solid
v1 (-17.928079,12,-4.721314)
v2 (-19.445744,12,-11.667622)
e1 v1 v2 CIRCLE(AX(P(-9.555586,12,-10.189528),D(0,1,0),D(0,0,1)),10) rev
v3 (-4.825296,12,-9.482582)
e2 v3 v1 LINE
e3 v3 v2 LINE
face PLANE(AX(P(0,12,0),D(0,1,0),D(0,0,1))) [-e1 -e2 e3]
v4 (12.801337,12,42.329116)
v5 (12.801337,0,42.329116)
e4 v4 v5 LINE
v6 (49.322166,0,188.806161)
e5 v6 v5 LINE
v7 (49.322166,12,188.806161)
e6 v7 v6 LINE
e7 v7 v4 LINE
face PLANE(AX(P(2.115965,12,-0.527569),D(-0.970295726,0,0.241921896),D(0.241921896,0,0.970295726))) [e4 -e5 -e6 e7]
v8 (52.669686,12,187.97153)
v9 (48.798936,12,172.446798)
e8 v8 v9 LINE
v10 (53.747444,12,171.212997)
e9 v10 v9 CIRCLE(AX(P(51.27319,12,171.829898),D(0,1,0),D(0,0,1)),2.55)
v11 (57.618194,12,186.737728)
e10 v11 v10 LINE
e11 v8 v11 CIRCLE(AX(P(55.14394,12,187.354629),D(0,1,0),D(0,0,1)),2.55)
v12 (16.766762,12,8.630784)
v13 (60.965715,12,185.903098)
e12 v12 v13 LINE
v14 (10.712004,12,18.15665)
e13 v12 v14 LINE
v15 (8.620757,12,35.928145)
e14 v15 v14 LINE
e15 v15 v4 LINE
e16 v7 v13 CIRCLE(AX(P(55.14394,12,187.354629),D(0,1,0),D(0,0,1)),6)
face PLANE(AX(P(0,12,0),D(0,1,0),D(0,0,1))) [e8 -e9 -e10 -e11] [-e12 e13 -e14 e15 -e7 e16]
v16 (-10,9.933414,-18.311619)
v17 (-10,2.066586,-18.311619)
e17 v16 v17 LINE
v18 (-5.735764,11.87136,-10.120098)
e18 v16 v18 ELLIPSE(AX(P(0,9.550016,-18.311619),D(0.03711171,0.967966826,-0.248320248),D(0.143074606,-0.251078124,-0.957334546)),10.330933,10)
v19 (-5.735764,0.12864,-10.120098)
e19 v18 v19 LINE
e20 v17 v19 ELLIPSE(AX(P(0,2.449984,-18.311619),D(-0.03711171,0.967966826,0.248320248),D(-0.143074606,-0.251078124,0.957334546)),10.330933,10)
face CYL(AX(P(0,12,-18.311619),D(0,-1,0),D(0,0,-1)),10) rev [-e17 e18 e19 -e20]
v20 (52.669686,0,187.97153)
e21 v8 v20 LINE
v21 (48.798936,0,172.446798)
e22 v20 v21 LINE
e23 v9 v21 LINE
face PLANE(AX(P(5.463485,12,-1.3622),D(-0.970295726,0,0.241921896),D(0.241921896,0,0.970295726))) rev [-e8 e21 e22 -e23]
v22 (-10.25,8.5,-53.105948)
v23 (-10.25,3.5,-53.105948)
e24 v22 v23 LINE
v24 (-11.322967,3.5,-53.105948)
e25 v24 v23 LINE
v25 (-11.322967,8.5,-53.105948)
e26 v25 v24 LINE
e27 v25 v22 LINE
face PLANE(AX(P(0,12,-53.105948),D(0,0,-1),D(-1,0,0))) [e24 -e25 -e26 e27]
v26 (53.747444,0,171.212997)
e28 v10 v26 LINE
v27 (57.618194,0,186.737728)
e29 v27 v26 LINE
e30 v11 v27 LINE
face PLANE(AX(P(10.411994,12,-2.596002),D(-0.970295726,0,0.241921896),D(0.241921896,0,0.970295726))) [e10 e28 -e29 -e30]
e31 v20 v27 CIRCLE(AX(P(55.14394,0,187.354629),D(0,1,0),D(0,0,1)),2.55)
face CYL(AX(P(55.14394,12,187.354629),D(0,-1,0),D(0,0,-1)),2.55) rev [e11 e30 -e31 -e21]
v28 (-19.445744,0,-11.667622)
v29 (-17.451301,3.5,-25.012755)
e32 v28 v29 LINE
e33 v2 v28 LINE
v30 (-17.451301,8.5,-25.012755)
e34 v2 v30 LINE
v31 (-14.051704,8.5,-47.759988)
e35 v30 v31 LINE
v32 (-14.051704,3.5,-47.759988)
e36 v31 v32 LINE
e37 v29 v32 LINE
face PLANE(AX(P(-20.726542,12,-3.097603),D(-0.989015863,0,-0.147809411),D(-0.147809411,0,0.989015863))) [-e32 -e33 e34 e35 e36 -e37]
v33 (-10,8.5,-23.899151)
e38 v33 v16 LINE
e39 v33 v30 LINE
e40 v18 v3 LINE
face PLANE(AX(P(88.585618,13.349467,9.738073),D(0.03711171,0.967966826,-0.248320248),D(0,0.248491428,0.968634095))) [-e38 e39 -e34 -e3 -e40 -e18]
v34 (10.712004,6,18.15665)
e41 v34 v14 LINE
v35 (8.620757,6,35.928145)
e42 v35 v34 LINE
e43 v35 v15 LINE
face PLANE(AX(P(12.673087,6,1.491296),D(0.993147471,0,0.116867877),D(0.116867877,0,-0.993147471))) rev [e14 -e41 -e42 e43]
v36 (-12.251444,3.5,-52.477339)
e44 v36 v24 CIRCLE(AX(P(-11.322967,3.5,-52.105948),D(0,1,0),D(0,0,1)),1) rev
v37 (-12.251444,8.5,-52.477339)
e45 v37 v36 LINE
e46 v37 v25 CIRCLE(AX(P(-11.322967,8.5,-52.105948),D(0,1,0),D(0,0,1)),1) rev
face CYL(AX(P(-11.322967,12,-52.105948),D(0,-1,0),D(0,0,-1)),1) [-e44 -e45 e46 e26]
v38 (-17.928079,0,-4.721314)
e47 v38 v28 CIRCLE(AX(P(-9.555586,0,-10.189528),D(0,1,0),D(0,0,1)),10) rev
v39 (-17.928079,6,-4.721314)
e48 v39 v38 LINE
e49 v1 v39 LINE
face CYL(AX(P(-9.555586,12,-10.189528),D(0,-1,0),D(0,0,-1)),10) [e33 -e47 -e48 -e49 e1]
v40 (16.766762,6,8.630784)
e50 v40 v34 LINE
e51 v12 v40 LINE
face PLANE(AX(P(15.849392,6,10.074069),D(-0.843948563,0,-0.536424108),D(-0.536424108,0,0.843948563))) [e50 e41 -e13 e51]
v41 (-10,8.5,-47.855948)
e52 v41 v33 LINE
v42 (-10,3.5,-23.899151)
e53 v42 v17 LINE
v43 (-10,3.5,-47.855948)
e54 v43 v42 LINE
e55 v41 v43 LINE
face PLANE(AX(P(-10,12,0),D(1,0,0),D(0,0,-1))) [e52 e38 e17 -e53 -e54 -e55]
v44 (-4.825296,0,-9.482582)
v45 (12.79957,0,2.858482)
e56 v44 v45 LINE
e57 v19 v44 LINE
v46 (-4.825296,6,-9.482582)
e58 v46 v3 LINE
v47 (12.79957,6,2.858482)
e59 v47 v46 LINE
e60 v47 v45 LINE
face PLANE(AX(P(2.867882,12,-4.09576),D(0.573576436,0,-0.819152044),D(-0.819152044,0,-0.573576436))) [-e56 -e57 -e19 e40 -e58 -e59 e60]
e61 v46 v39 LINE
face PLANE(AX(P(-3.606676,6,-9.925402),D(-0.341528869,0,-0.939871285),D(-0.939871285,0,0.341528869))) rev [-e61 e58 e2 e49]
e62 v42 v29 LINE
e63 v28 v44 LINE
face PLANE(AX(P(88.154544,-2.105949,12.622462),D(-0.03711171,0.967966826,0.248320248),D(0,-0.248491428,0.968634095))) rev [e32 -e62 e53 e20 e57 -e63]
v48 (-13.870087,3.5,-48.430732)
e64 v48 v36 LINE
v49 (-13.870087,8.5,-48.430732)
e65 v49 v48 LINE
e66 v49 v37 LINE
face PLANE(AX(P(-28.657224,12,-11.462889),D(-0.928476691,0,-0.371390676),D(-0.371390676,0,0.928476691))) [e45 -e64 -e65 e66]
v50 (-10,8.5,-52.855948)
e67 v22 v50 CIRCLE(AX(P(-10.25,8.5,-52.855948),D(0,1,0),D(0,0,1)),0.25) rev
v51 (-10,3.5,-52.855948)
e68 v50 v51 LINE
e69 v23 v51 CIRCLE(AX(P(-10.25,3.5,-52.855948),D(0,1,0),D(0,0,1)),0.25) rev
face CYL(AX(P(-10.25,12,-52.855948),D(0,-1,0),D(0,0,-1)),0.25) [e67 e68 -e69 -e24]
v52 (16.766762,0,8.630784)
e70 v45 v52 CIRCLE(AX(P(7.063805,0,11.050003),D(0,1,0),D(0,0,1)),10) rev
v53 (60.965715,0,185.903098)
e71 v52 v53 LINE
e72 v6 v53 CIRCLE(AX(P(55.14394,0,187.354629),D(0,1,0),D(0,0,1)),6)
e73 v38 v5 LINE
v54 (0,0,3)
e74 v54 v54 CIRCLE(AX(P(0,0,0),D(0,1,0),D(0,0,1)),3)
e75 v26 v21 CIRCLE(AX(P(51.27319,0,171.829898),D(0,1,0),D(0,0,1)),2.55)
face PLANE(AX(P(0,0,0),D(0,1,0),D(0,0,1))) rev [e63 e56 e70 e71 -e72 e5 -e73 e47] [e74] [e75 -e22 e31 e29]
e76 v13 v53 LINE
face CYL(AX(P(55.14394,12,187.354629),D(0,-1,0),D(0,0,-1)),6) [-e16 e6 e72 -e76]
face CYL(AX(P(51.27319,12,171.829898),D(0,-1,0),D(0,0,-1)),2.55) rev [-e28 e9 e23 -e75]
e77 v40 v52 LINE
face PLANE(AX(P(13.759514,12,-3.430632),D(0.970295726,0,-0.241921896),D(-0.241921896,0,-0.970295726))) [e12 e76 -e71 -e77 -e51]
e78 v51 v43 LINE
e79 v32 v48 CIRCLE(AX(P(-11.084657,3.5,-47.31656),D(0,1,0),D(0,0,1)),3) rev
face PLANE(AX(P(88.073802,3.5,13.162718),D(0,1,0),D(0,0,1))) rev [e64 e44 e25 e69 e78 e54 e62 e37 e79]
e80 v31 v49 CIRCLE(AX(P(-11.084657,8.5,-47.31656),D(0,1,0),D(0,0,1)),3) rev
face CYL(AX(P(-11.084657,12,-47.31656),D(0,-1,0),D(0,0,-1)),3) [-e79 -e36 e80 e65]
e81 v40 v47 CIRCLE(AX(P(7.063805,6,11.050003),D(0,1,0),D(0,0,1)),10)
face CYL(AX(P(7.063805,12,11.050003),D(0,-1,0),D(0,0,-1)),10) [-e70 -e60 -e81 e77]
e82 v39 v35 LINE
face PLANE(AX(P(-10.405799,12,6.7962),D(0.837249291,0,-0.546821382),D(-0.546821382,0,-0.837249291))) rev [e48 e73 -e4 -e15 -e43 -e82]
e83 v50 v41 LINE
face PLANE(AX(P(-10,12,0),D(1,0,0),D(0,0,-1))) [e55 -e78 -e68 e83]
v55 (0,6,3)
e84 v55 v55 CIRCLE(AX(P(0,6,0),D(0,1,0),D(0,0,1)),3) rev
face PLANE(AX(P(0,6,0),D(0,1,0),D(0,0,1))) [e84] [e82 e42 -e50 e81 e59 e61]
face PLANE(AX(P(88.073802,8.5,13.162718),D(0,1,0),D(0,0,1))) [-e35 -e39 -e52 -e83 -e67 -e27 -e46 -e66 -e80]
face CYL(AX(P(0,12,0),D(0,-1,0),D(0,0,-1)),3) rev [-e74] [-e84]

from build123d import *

# Parameters (mm, degrees)
SKETCH1_R           = 3
BOSS_EXTRUDE2_DEPTH = 12
SKETCH3_W           = 12.000133412
SKETCH3_H           = 3.5
CUT_EXTRUDE1_DEPTH  = 214.167200314
CUT_EXTRUDE4_DEPTH  = 6


with BuildPart() as part:
    # Sketch1 → Boss-Extrude2 (new body)
    # profile 1 of 5: a face of its own
    with BuildSketch(Plane(origin=(0, 0, 0), x_dir=(1, 0, 0), z_dir=(0, 1, 0))):
        with BuildLine():
            Line((-19.125338302, 7.287833106), (4.566615153, -9.301451298))
            Line((4.566615153, -9.301451298), (12.801336755, -42.329115693))
            Line((12.801336755, -42.329115693), (49.322165839, -188.806160659))
            ThreePointArc((49.322165839, -188.806160659), (49.451500057, -185.458284048), (51.355769549, -182.701698688))
            Line((51.355769549, -182.701698688), (48.798935765, -172.446798499))
            ThreePointArc((48.798935765, -172.446798499), (50.656289033, -169.355643563), (53.747443969, -171.212996831))
            Line((53.747443969, -171.212996831), (56.304277753, -181.467897021))
            ThreePointArc((56.304277753, -181.467897021), (59.279786353, -183.007817055), (60.965714554, -185.903097912))
            Line((60.965714554, -185.903097912), (16.76676248, -8.630783649))
            ThreePointArc((16.76676248, -8.630783649), (15.305067103, -5.385940236), (12.79956958, -2.858482162))
            Line((12.79956958, -2.858482162), (-5.735764364, 10.120098389))
            ThreePointArc((-5.735764364, 10.120098389), (-8.870108332, 13.694132699), (-10, 18.311618831))
            Line((-10, 18.311618831), (-10, 52.855948326))
            ThreePointArc((-10, 52.855948326), (-10.073223305, 53.032725021), (-10.25, 53.105948326))
            Line((-10.25, 53.105948326), (-11.322967039, 53.105948326))
            ThreePointArc((-11.322967039, 53.105948326), (-11.883595848, 52.934015556), (-12.251443729, 52.477339002))
            Line((-12.251443729, 52.477339002), (-13.870086592, 48.430731845))
            ThreePointArc((-13.870086592, 48.430731845), (-13.980381666, 48.100636263), (-14.05170411, 47.759988049))
            Line((-14.05170411, 47.759988049), (-19.445744306, 11.667622342))
            ThreePointArc((-19.445744306, 11.667622342), (-19.528933908, 9.459922198), (-19.125338302, 7.287833106))
        make_face()
        with Locations(Location((0, 0, 0), (0, 0, 270))):
            Circle(SKETCH1_R, mode=Mode.SUBTRACT)
    # profile 2 of 5: a face of its own
    with BuildSketch(Plane(origin=(0, 0, 0), x_dir=(1, 0, 0), z_dir=(0, 1, 0))):
        with BuildLine():
            ThreePointArc((51.355769549, -182.701698688), (49.451500057, -185.458284048), (49.322165839, -188.806160659))
            Line((49.322165839, -188.806160659), (52.669686095, -187.971530119))
            Line((52.669686095, -187.971530119), (51.355769549, -182.701698688))
        make_face()
    # profile 3 of 5: a face of its own
    with BuildSketch(Plane(origin=(0, 0, 0), x_dir=(1, 0, 0), z_dir=(0, 1, 0))):
        with BuildLine():
            Line((56.304277753, -181.467897021), (57.618194299, -186.737728452))
            Line((57.618194299, -186.737728452), (60.965714554, -185.903097912))
            ThreePointArc((60.965714554, -185.903097912), (59.279786353, -183.007817055), (56.304277753, -181.467897021))
        make_face()
    # profile 4 of 5: a face of its own
    with BuildSketch(Plane(origin=(0, 0, 0), x_dir=(1, 0, 0), z_dir=(0, 1, 0))):
        with BuildLine():
            Line((52.669686095, -187.971530119), (49.322165839, -188.806160659))
            ThreePointArc((49.322165839, -188.806160659), (55.875156257, -193.309906195), (61.143940197, -187.354629285))
            ThreePointArc((61.143940197, -187.354629285), (61.099217106, -186.623413225), (60.965714554, -185.903097912))
            Line((60.965714554, -185.903097912), (57.618194299, -186.737728452))
            ThreePointArc((57.618194299, -186.737728452), (55.76084103, -189.828883387), (52.669686095, -187.971530119))
        make_face()
    # profile 5 of 5: a face of its own
    with BuildSketch(Plane(origin=(0, 0, 0), x_dir=(1, 0, 0), z_dir=(0, 1, 0))):
        with BuildLine():
            Line((12.801336755, -42.329115693), (4.566615153, -9.301451298))
            Line((4.566615153, -9.301451298), (-19.125338302, 7.287833106))
            ThreePointArc((-19.125338302, 7.287833106), (-18.618024546, 5.961975552), (-17.928078586, 4.721314409))
            Line((-17.928078586, 4.721314409), (12.801336755, -42.329115693))
        make_face()
    extrude(amount=BOSS_EXTRUDE2_DEPTH)

    # Sketch3 → Cut-Extrude1 (cut, through all)
    with BuildSketch(Plane(origin=(-20.726542351, 0, -3.097602509), x_dir=(-0.14780941112960405, 0, 0.9890158633619178), z_dir=(-0.9890158633619179, 0, -0.14780941112960405))):
        Polygon((-45.158411705, 0), (-8.665199569, 0), (-22.158545117, 3.5), (-45.158411705, 3.5), align=None)
        Polygon((-22.158545117, 8.5), (-8.665199569, 12), (-45.158411705, 12), (-45.158411705, 8.5), align=None)
        with Locations((-51.158478411, 10.25)):
            Rectangle(SKETCH3_W, SKETCH3_H)
        with Locations((-51.158478411, 1.75)):
            Rectangle(SKETCH3_W, SKETCH3_H)
    extrude(amount=-CUT_EXTRUDE1_DEPTH, mode=Mode.SUBTRACT)

    # Sketch4 → Cut-Extrude4 (cut)
    with BuildSketch(Plane(origin=(0, 12, 0), x_dir=(1, 0, 0), z_dir=(0, 1, 0))):
        Polygon((-4.825296228, 9.482581737), (-17.928078586, 4.721314409), (8.620757021, -35.928145405), (10.712004266, -18.156650248), (16.76676248, -8.630783649), (17.432158169, -2.976226879), align=None)
    extrude(amount=-CUT_EXTRUDE4_DEPTH, mode=Mode.SUBTRACT)


solid = part.part
